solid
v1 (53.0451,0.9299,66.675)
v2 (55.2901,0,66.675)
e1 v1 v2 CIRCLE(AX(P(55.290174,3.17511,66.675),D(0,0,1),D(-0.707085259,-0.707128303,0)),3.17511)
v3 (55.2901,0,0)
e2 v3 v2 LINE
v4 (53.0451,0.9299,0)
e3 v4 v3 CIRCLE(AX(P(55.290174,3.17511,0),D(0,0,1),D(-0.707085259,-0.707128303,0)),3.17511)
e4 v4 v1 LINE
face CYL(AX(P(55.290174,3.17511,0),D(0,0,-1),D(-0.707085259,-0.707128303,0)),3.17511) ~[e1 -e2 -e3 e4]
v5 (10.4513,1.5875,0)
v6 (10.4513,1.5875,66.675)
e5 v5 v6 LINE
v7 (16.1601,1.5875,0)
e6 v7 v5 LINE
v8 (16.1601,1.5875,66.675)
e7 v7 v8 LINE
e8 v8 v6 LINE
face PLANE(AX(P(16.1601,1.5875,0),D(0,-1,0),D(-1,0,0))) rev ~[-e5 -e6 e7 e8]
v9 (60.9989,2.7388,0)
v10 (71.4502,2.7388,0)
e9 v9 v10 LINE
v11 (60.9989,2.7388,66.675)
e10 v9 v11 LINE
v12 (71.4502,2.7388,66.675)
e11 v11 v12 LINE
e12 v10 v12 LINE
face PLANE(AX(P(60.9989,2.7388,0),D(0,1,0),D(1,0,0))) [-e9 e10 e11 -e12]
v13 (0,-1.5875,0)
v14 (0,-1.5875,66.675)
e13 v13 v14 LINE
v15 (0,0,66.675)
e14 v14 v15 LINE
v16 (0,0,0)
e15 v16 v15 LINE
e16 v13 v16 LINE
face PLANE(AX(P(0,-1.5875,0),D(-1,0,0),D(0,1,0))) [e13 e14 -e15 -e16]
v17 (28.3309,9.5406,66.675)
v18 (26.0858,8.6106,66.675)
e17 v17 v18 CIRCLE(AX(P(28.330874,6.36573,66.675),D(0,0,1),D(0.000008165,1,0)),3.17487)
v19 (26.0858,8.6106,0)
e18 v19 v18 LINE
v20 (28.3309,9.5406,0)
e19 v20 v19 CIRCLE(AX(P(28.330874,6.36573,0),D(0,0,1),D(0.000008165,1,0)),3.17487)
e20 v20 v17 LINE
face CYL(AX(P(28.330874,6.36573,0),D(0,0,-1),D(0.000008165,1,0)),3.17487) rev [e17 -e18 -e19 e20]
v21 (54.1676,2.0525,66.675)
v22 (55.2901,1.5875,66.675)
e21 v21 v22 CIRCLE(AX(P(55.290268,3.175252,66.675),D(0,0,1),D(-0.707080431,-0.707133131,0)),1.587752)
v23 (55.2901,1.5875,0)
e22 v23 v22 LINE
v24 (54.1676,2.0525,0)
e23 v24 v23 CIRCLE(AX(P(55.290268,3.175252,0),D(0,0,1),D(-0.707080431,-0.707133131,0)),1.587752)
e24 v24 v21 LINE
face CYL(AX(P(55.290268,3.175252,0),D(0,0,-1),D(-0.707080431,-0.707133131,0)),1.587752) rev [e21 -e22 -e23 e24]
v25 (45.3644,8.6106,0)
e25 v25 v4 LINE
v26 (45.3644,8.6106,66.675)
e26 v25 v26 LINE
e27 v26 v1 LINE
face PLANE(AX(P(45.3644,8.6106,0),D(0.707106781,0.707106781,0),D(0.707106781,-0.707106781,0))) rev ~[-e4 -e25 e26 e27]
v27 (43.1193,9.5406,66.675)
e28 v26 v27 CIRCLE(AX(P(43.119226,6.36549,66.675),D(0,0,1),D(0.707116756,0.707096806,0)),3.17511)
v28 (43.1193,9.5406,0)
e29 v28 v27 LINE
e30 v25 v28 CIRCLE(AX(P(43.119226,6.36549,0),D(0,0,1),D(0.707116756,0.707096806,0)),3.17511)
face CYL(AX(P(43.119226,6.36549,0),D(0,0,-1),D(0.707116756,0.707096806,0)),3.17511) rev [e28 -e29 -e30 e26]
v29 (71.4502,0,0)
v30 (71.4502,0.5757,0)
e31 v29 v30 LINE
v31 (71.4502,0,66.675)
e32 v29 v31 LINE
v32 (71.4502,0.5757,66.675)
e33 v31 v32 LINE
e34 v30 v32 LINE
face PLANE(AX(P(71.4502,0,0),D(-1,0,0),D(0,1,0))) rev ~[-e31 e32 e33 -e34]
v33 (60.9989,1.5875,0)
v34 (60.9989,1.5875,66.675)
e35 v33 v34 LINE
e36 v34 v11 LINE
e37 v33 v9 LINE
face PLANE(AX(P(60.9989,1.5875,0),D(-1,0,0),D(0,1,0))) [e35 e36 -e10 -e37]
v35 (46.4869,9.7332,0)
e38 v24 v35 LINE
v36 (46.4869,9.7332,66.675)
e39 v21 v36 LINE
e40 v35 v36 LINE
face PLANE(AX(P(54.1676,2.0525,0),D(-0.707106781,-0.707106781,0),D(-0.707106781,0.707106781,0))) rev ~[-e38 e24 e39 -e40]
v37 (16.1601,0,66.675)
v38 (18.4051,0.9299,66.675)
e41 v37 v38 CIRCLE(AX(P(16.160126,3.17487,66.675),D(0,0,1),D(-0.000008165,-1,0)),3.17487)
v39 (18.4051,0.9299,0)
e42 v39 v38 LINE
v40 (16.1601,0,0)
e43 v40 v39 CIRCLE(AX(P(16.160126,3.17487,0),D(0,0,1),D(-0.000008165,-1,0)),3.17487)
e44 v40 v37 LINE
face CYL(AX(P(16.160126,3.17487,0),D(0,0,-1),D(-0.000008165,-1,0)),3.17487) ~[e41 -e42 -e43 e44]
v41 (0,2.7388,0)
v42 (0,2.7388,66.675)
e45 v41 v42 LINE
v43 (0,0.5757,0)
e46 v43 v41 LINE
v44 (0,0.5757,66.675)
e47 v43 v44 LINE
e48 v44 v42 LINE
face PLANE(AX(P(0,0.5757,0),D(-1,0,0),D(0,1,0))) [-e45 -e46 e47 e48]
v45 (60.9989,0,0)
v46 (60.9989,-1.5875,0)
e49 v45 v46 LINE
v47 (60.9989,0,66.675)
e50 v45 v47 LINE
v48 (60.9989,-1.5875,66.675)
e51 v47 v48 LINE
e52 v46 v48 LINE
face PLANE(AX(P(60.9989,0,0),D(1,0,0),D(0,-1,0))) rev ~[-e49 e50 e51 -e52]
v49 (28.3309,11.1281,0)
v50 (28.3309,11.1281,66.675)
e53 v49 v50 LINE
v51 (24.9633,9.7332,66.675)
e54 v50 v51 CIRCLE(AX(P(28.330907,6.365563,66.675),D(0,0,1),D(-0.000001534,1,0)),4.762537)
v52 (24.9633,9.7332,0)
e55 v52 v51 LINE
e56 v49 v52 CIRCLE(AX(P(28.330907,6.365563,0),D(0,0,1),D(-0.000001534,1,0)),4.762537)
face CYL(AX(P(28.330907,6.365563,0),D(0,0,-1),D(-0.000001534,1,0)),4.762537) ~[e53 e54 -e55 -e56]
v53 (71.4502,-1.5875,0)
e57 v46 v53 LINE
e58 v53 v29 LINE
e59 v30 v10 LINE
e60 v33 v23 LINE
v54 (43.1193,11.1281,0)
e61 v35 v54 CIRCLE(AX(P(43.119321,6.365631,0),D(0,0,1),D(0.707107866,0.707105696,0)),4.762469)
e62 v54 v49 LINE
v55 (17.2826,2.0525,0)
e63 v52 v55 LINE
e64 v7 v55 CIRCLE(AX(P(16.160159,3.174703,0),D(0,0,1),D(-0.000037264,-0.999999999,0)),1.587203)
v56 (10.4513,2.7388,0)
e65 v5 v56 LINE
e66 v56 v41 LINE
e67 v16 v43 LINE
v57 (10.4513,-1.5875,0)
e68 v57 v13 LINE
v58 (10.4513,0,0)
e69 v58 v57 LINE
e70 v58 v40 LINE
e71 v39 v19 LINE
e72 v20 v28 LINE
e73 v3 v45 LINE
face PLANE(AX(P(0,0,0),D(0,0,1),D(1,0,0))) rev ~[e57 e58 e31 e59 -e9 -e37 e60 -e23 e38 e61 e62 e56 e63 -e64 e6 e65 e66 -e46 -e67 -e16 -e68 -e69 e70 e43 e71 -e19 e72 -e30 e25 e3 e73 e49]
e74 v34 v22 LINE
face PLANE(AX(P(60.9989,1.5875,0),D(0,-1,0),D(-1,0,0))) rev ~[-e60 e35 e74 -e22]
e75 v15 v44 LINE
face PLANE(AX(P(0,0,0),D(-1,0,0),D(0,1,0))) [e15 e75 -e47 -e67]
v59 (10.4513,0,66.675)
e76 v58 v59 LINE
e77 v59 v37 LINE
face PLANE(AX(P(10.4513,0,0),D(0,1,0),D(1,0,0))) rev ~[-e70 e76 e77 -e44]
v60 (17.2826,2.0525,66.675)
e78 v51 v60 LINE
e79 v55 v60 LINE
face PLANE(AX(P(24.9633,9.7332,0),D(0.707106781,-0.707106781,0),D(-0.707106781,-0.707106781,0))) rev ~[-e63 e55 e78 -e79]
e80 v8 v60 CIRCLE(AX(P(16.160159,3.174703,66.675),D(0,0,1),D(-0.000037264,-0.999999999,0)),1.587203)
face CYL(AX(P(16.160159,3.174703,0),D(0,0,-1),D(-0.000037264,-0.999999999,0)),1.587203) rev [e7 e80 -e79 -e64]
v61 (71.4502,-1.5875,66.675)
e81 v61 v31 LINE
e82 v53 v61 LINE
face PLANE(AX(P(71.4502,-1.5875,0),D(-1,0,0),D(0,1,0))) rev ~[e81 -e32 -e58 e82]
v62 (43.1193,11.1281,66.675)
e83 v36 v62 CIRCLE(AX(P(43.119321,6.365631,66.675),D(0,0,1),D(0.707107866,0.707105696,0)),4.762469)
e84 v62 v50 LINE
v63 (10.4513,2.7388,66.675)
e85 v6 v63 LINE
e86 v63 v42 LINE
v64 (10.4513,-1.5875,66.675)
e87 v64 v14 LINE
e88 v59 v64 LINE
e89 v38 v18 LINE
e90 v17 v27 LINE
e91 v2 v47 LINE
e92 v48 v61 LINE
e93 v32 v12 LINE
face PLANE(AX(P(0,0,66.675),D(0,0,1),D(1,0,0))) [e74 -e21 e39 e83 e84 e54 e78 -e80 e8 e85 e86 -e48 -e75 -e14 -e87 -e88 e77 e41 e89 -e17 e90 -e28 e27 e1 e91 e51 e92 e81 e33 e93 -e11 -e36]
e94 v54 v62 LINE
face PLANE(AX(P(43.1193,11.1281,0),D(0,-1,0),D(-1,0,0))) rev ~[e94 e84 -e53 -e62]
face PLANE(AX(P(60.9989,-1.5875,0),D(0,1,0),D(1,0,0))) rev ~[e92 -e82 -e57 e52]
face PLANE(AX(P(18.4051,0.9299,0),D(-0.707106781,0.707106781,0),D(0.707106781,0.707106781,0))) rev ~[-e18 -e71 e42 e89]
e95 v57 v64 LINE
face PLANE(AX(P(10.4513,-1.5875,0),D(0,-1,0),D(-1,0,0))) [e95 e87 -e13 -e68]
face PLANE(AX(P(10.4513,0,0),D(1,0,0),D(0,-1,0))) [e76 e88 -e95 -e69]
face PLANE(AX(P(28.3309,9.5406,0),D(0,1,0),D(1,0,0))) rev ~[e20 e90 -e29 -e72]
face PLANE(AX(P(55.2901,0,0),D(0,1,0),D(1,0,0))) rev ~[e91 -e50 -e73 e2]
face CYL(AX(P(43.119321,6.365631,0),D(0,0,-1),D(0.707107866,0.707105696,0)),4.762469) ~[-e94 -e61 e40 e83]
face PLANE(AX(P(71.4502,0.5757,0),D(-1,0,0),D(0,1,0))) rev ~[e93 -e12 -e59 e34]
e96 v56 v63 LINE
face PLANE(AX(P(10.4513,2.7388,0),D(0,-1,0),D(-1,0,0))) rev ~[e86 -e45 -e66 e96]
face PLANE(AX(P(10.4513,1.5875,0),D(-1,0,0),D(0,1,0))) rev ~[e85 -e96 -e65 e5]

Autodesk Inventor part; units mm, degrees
ref_plane "YZ Plane" through (0, 0, 0) normal (1, 0, 0) x (0, 1, 0)
ref_plane "XZ Plane" through (0, 0, 0) normal (0, 1, 0) x (-1, 0, 0)
ref_plane "XY Plane" through (0, 0, 0) normal (0, 0, 1) x (1, 0, 0)
sketch "Sketch1" plane through (0, 0, 0) normal (0, 0, 1) x (1, 0, 0)
  line L0 (10.4513, 0) -> (16.1601, 0)
  line L1 (18.4051, 0.9299) -> (26.0858, 8.6106)
  line L2 (28.3309, 9.5406) -> (43.1193, 9.5406)
  line L3 (45.3644, 8.6106) -> (53.0451, 0.9299)
  line L4 (55.2901, 0) -> (60.9989, 0)
  arc A0 (16.1601, 0) -> (18.4051, 0.9299) centre (16.1601, 3.175) ccw
  arc A1 (28.3309, 9.5406) -> (26.0858, 8.6106) centre (28.3309, 6.3656) ccw
  arc A2 (45.3644, 8.6106) -> (43.1193, 9.5406) centre (43.1193, 6.3656) ccw
  arc A3 (53.0451, 0.9299) -> (55.2901, 0) centre (55.2901, 3.175) ccw
  line L5 (60.9989, 1.5875) -> (55.2901, 1.5875)
  arc A4 (54.1676, 2.0525) -> (55.2901, 1.5875) centre (55.2901, 3.175) ccw
  line L6 (54.1676, 2.0525) -> (46.4869, 9.7332)
  arc A5 (46.4869, 9.7332) -> (43.1193, 11.1281) centre (43.1193, 6.3656) ccw
  line L7 (43.1193, 11.1281) -> (28.3309, 11.1281)
  arc A6 (28.3309, 11.1281) -> (24.9633, 9.7332) centre (28.3309, 6.3656) ccw
  line L8 (24.9633, 9.7332) -> (17.2826, 2.0525)
  arc A7 (16.1601, 1.5875) -> (17.2826, 2.0525) centre (16.1601, 3.175) ccw
  line L9 (16.1601, 1.5875) -> (10.4513, 1.5875)
  line L10 (10.4513, 1.5875) -> (10.4513, 2.7388)
  line L11 (10.4513, 2.7388) -> (0, 2.7388)
  line L12 (0, 0) -> (0, 2.7388)
  line L13 (0, 0) -> (0, 0.5757)
  line L14 (60.9989, 1.5875) -> (60.9989, 2.7388)
  line L15 (60.9989, 2.7388) -> (71.4502, 2.7388)
  line L16 (71.4502, 0) -> (71.4502, 2.7388)
  line L17 (71.4502, 0) -> (71.4502, 0.5757)
  line L18 (10.4513, 0) -> (10.4513, -1.5875)
  line L19 (10.4513, -1.5875) -> (0, -1.5875)
  line L20 (0, -1.5875) -> (0, 0)
  line L21 (60.9989, 0) -> (60.9989, -1.5875)
  line L22 (60.9989, -1.5875) -> (71.4502, -1.5875)
  line L23 (71.4502, -1.5875) -> (71.4502, 0)
  point P0 (17.4752, 0)
  point P1 (53.975, 0)
  dimension "d6" = 135
  dimension "d7" = 135
  dimension "d9" = 3.175
  dimension "d10" = 1.5875
  dimension "d15" = 1.5875
extrude "Extrusion2" add sketch "Sketch1" along normal blind 66.675
properties part number "Monitor Base Slide v1.0"
